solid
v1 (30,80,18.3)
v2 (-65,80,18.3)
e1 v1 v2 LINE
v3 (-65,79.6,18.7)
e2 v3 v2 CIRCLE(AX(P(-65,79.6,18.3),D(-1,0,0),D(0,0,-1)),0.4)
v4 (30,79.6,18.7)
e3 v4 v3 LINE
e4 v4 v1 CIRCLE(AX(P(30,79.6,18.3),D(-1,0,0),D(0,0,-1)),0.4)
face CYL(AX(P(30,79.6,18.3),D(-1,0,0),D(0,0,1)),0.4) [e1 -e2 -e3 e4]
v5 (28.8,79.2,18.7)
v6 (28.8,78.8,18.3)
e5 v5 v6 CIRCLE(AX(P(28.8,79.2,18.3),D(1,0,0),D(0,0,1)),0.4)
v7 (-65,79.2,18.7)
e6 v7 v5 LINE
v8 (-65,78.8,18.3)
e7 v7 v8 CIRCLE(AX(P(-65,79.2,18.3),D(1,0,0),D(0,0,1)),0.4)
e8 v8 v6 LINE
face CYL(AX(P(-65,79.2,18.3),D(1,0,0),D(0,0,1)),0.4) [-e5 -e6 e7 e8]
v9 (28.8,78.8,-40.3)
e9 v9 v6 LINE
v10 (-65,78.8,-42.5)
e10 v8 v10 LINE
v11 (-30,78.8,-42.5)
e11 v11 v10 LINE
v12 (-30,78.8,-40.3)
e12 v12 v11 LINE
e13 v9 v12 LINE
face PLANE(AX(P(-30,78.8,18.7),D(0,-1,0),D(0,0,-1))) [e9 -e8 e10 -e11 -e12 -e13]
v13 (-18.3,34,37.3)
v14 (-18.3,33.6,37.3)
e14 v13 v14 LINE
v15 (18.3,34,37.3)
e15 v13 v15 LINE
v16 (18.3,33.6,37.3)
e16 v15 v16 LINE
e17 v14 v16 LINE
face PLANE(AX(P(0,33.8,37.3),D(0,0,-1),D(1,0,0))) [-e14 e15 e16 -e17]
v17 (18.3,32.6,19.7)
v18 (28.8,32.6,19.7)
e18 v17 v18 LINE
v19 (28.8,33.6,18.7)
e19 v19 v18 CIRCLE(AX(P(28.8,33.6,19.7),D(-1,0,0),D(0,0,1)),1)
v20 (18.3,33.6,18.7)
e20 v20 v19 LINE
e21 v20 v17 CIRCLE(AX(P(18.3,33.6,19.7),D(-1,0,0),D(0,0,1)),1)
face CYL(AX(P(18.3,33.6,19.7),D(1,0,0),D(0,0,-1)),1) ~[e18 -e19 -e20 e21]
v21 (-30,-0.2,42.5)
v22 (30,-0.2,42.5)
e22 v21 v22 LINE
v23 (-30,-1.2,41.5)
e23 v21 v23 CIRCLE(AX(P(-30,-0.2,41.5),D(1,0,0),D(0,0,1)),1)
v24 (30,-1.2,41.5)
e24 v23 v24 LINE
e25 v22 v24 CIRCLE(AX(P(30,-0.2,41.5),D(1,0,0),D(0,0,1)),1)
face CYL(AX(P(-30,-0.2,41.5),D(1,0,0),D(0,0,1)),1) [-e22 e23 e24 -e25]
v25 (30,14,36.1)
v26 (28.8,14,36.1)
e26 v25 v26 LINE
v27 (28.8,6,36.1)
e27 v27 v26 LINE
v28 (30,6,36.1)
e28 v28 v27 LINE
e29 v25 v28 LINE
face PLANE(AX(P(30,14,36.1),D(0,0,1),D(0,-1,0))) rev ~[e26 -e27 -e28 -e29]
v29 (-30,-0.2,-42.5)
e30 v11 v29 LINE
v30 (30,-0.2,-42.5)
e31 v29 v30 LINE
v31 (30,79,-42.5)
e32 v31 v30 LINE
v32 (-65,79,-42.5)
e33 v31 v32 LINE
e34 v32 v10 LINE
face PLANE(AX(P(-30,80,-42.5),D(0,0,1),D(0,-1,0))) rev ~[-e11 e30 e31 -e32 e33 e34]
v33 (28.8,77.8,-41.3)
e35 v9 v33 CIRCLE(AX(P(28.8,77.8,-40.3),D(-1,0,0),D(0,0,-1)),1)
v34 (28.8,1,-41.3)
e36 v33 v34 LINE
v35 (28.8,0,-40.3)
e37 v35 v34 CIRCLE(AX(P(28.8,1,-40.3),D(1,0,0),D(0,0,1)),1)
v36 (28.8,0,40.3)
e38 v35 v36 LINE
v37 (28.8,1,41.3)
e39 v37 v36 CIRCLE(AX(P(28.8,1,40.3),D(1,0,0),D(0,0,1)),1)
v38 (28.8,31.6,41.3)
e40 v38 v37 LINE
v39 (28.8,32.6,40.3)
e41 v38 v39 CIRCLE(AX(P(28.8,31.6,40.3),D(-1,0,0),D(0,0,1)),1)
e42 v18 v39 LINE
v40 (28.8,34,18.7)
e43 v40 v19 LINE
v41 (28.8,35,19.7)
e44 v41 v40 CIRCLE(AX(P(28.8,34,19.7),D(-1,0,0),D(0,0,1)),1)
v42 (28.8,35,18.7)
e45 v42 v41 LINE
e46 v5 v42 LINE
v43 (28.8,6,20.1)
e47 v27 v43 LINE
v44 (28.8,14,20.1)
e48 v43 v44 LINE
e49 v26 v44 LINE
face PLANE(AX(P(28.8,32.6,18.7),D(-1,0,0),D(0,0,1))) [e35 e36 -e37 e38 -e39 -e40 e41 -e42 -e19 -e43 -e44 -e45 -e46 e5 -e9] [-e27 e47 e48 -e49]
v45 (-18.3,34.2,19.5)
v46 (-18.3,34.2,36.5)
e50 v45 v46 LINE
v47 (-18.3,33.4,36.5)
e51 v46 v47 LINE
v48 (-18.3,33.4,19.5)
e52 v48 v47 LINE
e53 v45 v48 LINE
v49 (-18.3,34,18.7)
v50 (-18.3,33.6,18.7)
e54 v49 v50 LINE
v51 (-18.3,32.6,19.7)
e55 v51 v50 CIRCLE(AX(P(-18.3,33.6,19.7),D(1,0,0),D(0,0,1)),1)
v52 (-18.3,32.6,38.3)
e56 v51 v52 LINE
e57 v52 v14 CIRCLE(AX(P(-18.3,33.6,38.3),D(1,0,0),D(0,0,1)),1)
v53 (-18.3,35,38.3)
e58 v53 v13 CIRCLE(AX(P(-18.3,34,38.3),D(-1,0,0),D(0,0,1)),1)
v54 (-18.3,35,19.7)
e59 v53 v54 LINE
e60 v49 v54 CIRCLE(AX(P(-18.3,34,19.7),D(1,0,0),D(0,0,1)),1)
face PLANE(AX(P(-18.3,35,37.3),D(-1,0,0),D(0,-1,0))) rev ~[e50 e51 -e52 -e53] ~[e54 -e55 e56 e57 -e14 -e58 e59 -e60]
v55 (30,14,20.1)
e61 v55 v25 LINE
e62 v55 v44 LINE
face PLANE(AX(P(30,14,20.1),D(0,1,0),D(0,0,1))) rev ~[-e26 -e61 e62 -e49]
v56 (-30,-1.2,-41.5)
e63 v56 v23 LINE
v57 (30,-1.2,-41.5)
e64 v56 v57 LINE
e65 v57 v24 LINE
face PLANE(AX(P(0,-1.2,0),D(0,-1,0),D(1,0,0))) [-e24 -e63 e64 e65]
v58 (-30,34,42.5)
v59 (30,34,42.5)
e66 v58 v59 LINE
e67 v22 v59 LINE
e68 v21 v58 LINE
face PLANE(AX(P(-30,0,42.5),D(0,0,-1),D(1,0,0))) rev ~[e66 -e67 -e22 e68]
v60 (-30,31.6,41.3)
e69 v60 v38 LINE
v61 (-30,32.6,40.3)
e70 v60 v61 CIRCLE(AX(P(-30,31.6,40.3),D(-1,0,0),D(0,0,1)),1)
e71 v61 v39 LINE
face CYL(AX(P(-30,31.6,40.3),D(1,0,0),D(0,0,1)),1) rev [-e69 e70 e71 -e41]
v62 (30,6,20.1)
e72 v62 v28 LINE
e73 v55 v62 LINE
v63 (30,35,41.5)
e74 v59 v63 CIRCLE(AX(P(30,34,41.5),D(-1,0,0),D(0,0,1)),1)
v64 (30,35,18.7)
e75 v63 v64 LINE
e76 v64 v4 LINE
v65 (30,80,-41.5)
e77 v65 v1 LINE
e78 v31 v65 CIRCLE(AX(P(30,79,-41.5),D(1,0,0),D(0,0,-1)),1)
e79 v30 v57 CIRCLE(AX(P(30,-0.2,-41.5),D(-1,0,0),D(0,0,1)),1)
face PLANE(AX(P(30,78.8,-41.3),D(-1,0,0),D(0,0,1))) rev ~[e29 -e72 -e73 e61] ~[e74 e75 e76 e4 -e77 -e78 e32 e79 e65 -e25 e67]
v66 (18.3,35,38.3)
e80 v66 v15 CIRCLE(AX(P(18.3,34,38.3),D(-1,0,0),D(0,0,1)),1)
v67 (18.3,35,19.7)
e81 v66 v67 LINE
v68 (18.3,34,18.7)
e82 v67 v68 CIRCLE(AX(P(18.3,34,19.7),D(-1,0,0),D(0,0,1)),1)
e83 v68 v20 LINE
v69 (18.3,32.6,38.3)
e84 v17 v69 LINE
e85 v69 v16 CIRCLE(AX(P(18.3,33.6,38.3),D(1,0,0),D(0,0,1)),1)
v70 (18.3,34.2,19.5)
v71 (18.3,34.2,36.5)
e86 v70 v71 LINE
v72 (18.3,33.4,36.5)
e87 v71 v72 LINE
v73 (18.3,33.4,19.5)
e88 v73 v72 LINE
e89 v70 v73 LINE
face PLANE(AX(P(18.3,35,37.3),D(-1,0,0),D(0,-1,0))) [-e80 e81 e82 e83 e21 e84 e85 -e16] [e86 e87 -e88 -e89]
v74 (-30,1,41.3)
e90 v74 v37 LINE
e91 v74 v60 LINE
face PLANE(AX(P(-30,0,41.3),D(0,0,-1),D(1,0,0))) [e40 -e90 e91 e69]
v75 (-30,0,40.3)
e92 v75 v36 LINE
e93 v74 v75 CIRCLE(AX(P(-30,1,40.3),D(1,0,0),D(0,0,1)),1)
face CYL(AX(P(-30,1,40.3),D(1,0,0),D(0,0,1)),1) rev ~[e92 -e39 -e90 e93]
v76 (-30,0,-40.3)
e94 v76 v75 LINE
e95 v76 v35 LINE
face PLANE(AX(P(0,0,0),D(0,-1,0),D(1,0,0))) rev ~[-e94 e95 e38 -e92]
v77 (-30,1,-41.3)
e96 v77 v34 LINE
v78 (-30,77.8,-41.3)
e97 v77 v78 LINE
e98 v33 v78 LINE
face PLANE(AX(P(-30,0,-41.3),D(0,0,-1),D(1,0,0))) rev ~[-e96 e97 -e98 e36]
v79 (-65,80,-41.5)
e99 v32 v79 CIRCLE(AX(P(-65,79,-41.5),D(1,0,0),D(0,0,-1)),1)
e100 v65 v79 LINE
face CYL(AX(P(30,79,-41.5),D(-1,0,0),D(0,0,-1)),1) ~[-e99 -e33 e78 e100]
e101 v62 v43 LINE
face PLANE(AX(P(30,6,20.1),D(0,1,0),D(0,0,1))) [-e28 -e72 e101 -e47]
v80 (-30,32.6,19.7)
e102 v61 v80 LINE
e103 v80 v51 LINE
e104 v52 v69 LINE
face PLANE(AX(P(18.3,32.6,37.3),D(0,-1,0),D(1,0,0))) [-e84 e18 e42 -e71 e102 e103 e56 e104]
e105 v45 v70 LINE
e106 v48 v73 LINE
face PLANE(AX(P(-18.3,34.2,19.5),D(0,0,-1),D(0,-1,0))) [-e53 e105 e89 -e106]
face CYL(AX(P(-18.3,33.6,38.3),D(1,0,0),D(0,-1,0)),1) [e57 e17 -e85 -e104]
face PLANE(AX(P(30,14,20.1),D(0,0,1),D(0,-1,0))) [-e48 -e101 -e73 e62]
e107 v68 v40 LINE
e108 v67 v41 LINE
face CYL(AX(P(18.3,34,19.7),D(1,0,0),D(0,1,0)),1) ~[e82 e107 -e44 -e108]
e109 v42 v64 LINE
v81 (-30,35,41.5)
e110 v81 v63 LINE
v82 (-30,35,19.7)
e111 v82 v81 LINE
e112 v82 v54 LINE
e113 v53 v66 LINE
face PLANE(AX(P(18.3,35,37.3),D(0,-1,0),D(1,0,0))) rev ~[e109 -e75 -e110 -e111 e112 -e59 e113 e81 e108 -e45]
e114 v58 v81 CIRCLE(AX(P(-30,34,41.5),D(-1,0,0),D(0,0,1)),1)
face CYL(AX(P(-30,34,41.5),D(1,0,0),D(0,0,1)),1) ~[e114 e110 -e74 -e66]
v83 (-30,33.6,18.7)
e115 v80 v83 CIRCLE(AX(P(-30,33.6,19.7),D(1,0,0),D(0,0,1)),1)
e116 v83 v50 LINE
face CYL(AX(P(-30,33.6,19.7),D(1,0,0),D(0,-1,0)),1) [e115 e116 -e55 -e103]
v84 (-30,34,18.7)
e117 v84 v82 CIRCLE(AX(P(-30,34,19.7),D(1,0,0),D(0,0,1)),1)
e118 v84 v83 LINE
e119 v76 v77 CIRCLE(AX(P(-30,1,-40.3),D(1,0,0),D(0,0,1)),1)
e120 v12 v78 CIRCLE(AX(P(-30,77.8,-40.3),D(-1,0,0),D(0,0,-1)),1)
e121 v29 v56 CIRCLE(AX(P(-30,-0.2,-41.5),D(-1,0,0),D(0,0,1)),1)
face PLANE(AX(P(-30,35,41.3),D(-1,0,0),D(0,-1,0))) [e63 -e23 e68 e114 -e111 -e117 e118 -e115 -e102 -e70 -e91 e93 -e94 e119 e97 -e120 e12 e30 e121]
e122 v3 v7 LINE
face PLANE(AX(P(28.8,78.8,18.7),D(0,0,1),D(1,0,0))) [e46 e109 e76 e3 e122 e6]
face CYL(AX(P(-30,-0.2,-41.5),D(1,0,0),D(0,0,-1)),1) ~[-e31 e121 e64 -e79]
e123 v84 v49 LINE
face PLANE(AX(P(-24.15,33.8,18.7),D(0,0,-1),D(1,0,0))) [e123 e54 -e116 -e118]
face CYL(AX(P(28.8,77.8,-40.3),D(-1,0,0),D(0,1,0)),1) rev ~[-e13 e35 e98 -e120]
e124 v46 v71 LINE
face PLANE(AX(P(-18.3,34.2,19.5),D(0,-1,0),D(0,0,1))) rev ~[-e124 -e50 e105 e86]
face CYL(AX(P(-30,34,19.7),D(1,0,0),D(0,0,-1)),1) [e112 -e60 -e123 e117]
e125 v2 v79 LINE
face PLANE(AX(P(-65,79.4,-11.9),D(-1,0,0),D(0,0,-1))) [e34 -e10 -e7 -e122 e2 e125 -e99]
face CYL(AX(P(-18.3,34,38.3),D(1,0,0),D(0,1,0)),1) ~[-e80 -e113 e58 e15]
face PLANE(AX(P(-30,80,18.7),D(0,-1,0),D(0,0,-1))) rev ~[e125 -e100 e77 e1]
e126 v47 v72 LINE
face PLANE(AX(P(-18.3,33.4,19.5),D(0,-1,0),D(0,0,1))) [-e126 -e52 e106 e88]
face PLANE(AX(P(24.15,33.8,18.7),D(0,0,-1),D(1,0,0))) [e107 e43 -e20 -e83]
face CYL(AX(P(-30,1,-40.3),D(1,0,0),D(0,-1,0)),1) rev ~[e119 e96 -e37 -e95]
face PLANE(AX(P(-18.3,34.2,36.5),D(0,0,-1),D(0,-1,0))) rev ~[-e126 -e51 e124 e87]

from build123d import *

# Parameters (mm, degrees)
SKETCH_W     = 60
SKETCH_H     = 85
PAD_DEPTH    = 1.2
SKETCH002_W  = 60
SKETCH002_H  = 1.2
PAD001_DEPTH = 80
SKETCH003_W  = 60
SKETCH003_H  = 1.2
PAD002_DEPTH = 60
SKETCH004_W  = 60
SKETCH004_H  = 1.2
PAD003_DEPTH = 35
SKETCH006_W  = 60
SKETCH006_H  = 2.4
PAD004_DEPTH = 4
SKETCH005_W  = 11.7
SKETCH005_H  = 2.4
PAD005_DEPTH = 18.6
SKETCH007_W  = 17
SKETCH007_H  = 0.8
PAD006_DEPTH = 36.6
SKETCH009_W  = 61.2
SKETCH009_H  = 1.2
PAD007_DEPTH = 35
SKETCH010_W  = 1.2
SKETCH010_H  = 60
PAD008_DEPTH = 78.8
SKETCH011_W  = 1.2
SKETCH011_H  = 22.6
PAD009_DEPTH = 32.6
FILLET_R     = 1
FILLET001_R  = 1
FILLET002_R  = 1
FILLET003_R  = 1
FILLET004_R  = 1
FILLET005_R  = 1
FILLET006_R  = 1
FILLET007_R  = 1
FILLET008_R  = 1
FILLET009_R  = 1
FILLET010_R  = 1
FILLET011_R  = 1
FILLET012_R  = 1
FILLET013_R  = 1
FILLET014_R  = 0.4
FILLET015_R  = 0.4
SKETCH012_W  = 16
SKETCH012_H  = 8
POCKET_DEPTH = 95.001


with BuildPart() as part:
    # Sketch → Pad (new body)
    with BuildSketch(Plane.XZ):
        Rectangle(SKETCH_W, SKETCH_H)
    extrude(amount=PAD_DEPTH)

    # Sketch002 (on Face5 of Pad) → Pad001 (join)
    with BuildSketch(Plane(origin=(0, 0, 0), x_dir=(1, 0, 0), z_dir=(0, 1, 0))):
        with Locations((0, 41.9)):
            Rectangle(SKETCH002_W, SKETCH002_H)
    extrude(amount=PAD001_DEPTH)

    # Sketch003 (on Face4 of Pad001) → Pad002 (join)
    with BuildSketch(Plane(origin=(0, 0, -41.3), x_dir=(-1, 0, 0), z_dir=(0, 0, 1))):
        with Locations((0, -79.4)):
            Rectangle(SKETCH003_W, SKETCH003_H)
    extrude(amount=PAD002_DEPTH)

    # Sketch004 (on Face2 of Pad002) → Pad003 (join)
    with BuildSketch(Plane(origin=(0, 0, 0), x_dir=(1, 0, 0), z_dir=(0, 1, 0))):
        with Locations((0, -41.9)):
            Rectangle(SKETCH004_W, SKETCH004_H)
    extrude(amount=PAD003_DEPTH)

    # Sketch006 (on Face7 of Pad003) → Pad004 (join)
    with BuildSketch(Plane(origin=(0, 0, 41.3), x_dir=(1, 0, 0), z_dir=(0, 0, -1))):
        with Locations((0, -33.8)):
            Rectangle(SKETCH006_W, SKETCH006_H)
    extrude(amount=PAD004_DEPTH)

    # Sketch005 (on Face11 of Pad004) → Pad005 (join)
    with BuildSketch(Plane(origin=(0, 0, 37.3), x_dir=(1, 0, 0), z_dir=(0, 0, -1))):
        with Locations((24.15, -33.8)):
            Rectangle(SKETCH005_W, SKETCH005_H)
        with Locations((-24.15, -33.8)):
            Rectangle(SKETCH005_W, SKETCH005_H)
    extrude(amount=PAD005_DEPTH)

    # Sketch007 (on Face12 of Pad005) → Pad006 (join)
    with BuildSketch(Plane(origin=(-18.3, 0, 0), x_dir=(0, 0, 1), z_dir=(1, 0, 0))):
        with Locations((28, -33.8)):
            Rectangle(SKETCH007_W, SKETCH007_H)
    extrude(amount=PAD006_DEPTH)

    # Sketch009 (on Face2 of Pad006) → Pad007 (join)
    with BuildSketch(Plane(origin=(-30, 0, 0), x_dir=(0, 0, -1), z_dir=(-1, 0, 0))):
        with Locations((11.9, -79.4)):
            Rectangle(SKETCH009_W, SKETCH009_H)
    extrude(amount=PAD007_DEPTH)

    # Sketch010 (on Face22 of Pad007) → Pad008 (join)
    with BuildSketch(Plane.XZ.offset(-78.8)):
        with Locations((29.4, -11.3)):
            Rectangle(SKETCH010_W, SKETCH010_H)
    extrude(amount=PAD008_DEPTH)

    # Sketch011 (on Face9 of Pad008) → Pad009 (join)
    with BuildSketch(Plane.XZ.offset(-32.6)):
        with Locations((29.4, 30)):
            Rectangle(SKETCH011_W, SKETCH011_H)
    extrude(amount=PAD009_DEPTH)

    # Fillet
    fillet_edges = [part.edges().sort_by_distance(p)[0] for p in [
        (0, 35, 42.5),
    ]]
    fillet(fillet_edges, radius=FILLET_R)

    # Fillet001
    fillet001_edges = [part.edges().sort_by_distance(p)[0] for p in [
        (0, -1.2, 42.5),
    ]]
    fillet(fillet001_edges, radius=FILLET001_R)

    # Fillet002
    fillet002_edges = [part.edges().sort_by_distance(p)[0] for p in [
        (-0.6, 0, 41.3),
    ]]
    fillet(fillet002_edges, radius=FILLET002_R)

    # Fillet003
    fillet003_edges = [part.edges().sort_by_distance(p)[0] for p in [
        (-0.6, 32.6, 41.3),
    ]]
    fillet(fillet003_edges, radius=FILLET003_R)

    # Fillet004
    fillet004_edges = [part.edges().sort_by_distance(p)[0] for p in [
        (-24.15, 32.6, 18.7),
    ]]
    fillet(fillet004_edges, radius=FILLET004_R)

    # Fillet005
    fillet005_edges = [part.edges().sort_by_distance(p)[0] for p in [
        (-24.15, 35, 18.7),
    ]]
    fillet(fillet005_edges, radius=FILLET005_R)

    # Fillet006
    fillet006_edges = [part.edges().sort_by_distance(p)[0] for p in [
        (23.55, 35, 18.7),
    ]]
    fillet(fillet006_edges, radius=FILLET006_R)

    # Fillet007
    fillet007_edges = [part.edges().sort_by_distance(p)[0] for p in [
        (23.55, 32.6, 18.7),
    ]]
    fillet(fillet007_edges, radius=FILLET007_R)

    # Fillet008
    fillet008_edges = [part.edges().sort_by_distance(p)[0] for p in [
        (0, 32.6, 37.3),
    ]]
    fillet(fillet008_edges, radius=FILLET008_R)

    # Fillet009
    fillet009_edges = [part.edges().sort_by_distance(p)[0] for p in [
        (0, 35, 37.3),
    ]]
    fillet(fillet009_edges, radius=FILLET009_R)

    # Fillet010
    fillet010_edges = [part.edges().sort_by_distance(p)[0] for p in [
        (0, -1.2, -42.5),
    ]]
    fillet(fillet010_edges, radius=FILLET010_R)

    # Fillet011
    fillet011_edges = [part.edges().sort_by_distance(p)[0] for p in [
        (-17.5, 80, -42.5),
    ]]
    fillet(fillet011_edges, radius=FILLET011_R)

    # Fillet012
    fillet012_edges = [part.edges().sort_by_distance(p)[0] for p in [
        (-0.6, 78.8, -41.3),
    ]]
    fillet(fillet012_edges, radius=FILLET012_R)

    # Fillet013
    fillet013_edges = [part.edges().sort_by_distance(p)[0] for p in [
        (-0.6, 0, -41.3),
    ]]
    fillet(fillet013_edges, radius=FILLET013_R)

    # Fillet014
    fillet014_edges = [part.edges().sort_by_distance(p)[0] for p in [
        (-17.5, 80, 18.7),
    ]]
    fillet(fillet014_edges, radius=FILLET014_R)

    # Fillet015
    fillet015_edges = [part.edges().sort_by_distance(p)[0] for p in [
        (-18.1, 78.8, 18.7),
    ]]
    fillet(fillet015_edges, radius=FILLET015_R)

    # Sketch012 (on Face23 of Pad009) → Pocket (cut, through all)
    with BuildSketch(Plane(origin=(30, 0, 0), x_dir=(0, 0, 1), z_dir=(1, 0, 0))):
        with Locations((28.1, -10)):
            Rectangle(SKETCH012_W, SKETCH012_H)
    extrude(amount=-POCKET_DEPTH, mode=Mode.SUBTRACT)


solid = part.part
